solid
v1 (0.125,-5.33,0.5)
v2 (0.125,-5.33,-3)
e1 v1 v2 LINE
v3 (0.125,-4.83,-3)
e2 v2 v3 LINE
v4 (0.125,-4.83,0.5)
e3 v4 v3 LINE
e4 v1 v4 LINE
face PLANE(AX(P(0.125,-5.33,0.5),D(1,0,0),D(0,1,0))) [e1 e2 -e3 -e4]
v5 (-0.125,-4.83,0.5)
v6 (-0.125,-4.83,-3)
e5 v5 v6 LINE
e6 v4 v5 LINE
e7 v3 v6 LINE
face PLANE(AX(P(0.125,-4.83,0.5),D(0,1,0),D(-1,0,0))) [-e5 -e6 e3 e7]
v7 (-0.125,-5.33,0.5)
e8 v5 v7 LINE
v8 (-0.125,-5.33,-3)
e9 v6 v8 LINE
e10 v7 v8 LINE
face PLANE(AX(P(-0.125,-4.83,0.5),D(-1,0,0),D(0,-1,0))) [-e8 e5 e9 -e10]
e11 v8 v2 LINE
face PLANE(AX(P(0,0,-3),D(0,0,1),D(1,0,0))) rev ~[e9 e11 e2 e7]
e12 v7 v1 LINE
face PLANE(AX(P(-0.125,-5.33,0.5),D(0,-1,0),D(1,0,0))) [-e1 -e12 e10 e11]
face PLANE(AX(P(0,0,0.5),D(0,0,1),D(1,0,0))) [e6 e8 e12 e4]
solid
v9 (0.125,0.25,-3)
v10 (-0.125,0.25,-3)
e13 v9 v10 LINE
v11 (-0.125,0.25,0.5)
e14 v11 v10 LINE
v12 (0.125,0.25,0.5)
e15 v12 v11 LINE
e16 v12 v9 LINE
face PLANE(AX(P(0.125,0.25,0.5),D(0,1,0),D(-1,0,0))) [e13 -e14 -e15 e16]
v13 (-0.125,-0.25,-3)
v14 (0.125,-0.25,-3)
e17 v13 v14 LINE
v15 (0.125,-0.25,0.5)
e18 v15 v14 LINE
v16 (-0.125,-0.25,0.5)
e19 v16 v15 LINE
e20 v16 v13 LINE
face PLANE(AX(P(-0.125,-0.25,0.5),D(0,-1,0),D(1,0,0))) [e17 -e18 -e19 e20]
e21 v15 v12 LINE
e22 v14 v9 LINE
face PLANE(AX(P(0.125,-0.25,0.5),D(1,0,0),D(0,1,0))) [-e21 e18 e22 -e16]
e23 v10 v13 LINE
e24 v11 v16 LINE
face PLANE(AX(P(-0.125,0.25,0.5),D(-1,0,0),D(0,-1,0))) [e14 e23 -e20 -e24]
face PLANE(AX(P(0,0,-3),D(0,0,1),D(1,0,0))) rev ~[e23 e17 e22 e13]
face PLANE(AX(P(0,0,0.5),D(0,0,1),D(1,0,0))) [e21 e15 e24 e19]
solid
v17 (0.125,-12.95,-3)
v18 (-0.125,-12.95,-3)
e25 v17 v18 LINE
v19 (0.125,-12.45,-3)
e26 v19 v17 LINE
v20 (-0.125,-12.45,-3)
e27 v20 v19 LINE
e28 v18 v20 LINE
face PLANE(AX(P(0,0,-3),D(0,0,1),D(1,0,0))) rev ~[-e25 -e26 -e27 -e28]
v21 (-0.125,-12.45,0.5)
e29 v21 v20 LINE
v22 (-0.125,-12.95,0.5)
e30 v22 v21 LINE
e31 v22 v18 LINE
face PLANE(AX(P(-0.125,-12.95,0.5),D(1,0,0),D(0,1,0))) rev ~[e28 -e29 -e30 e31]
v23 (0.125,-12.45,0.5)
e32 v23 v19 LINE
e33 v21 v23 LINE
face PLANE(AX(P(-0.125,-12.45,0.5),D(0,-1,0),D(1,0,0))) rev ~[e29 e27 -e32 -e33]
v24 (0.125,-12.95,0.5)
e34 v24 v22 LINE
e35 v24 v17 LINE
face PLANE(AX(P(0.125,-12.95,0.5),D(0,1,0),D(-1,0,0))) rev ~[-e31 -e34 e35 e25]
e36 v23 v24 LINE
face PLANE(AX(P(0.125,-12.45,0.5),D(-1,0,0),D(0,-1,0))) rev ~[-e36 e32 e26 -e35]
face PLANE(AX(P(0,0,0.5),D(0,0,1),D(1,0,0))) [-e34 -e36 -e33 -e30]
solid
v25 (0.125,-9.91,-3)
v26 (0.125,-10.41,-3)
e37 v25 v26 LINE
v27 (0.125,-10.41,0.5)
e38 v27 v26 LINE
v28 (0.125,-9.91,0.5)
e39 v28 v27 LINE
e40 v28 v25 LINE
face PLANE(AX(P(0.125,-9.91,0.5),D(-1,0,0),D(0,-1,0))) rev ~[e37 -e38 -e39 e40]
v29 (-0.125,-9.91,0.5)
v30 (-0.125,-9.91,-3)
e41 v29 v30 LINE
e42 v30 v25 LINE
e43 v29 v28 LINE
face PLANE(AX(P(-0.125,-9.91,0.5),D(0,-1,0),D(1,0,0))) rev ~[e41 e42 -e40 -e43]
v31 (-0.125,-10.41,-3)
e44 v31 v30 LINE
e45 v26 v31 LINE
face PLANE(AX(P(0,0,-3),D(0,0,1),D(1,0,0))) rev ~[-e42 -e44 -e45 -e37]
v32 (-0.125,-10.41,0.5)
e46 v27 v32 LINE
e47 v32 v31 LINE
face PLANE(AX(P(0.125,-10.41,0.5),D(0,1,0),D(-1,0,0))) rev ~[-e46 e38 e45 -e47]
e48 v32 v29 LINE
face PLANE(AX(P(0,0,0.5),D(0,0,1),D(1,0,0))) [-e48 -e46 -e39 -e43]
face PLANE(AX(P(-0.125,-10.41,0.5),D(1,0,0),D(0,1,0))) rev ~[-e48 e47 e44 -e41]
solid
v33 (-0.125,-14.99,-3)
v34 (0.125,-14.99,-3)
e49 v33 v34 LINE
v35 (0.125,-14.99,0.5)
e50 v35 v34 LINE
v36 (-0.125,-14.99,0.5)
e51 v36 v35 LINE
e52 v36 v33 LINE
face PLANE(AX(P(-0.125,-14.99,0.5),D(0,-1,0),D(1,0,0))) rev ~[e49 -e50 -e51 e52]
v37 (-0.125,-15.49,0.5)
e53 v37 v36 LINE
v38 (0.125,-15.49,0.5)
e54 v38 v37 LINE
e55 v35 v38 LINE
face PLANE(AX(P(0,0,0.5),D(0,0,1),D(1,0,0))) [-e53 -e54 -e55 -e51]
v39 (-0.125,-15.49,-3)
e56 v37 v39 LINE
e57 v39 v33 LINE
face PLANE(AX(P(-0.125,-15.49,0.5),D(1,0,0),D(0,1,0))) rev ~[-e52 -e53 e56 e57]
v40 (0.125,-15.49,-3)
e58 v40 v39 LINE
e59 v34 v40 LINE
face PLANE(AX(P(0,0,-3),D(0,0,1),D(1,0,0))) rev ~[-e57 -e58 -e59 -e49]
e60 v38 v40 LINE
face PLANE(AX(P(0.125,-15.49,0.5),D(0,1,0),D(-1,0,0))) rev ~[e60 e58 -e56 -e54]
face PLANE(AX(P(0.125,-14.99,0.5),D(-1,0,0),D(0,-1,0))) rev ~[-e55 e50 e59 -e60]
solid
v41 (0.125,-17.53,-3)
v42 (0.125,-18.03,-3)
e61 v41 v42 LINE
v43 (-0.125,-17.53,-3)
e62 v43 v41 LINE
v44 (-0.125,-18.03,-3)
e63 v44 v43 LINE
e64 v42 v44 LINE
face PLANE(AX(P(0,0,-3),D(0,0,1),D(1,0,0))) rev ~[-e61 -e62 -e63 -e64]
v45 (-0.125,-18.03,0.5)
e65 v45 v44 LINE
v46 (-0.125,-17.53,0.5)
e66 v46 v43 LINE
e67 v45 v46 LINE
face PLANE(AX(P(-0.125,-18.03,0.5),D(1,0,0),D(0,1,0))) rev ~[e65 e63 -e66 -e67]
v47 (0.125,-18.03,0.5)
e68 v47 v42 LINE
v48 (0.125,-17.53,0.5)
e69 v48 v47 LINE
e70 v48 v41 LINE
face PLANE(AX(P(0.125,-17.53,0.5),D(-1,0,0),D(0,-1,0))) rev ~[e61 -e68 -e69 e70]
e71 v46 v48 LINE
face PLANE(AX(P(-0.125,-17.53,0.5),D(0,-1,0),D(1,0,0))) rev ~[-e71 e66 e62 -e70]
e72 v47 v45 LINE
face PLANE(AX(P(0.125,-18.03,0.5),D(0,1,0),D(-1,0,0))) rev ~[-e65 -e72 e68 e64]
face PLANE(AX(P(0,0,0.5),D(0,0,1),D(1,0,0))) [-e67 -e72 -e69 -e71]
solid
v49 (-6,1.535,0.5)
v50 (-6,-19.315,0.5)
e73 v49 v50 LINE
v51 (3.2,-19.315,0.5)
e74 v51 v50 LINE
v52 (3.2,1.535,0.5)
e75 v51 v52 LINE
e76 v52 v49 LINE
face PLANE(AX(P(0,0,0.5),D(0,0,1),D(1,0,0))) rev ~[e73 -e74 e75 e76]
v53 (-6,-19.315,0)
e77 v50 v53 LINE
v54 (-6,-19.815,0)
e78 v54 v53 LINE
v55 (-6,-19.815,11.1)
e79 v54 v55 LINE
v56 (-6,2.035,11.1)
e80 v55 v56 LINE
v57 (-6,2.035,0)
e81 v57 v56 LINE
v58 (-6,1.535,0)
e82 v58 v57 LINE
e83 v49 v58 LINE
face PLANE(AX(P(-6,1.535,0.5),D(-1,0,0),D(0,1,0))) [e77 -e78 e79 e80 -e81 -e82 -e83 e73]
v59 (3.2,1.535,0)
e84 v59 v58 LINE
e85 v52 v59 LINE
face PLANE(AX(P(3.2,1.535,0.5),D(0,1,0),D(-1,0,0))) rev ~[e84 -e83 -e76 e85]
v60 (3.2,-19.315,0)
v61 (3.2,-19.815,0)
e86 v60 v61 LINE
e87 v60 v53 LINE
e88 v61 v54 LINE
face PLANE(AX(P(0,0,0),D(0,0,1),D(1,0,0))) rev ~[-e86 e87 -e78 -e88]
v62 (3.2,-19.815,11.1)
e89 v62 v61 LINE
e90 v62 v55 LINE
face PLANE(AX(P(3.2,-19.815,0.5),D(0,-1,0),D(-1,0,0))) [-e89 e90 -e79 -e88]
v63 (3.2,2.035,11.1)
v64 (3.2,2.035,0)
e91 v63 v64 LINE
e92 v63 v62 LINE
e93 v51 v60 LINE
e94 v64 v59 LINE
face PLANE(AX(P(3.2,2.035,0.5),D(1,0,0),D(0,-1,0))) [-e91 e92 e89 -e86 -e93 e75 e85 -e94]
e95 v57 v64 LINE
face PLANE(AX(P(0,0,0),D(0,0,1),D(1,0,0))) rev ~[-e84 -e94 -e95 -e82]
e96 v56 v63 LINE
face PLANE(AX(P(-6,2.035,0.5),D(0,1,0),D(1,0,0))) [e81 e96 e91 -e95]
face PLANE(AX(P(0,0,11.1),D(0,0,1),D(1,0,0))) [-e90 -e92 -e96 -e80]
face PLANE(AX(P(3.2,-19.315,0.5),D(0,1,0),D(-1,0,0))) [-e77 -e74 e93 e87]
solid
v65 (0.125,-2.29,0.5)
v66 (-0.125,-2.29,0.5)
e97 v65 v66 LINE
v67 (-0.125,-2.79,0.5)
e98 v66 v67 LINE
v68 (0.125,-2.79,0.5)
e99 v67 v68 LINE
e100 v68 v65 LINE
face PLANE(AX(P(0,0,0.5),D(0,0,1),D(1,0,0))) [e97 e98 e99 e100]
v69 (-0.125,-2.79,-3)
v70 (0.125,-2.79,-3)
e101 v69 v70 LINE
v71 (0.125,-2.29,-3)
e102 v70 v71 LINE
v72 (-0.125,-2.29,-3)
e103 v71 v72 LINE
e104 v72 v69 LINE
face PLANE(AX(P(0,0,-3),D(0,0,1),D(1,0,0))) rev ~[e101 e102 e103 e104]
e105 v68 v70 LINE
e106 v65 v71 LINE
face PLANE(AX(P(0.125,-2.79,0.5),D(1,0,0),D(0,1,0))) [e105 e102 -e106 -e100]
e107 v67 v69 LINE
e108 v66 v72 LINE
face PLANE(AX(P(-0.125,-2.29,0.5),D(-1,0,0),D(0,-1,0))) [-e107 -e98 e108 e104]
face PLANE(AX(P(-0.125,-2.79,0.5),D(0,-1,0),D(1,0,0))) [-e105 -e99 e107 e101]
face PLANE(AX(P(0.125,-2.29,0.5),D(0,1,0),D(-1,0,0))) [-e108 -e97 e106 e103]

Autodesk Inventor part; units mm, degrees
ref_plane "YZ Plane" through (0, 0, 0) normal (1, 0, 0) x (0, 1, 0)
ref_plane "XZ Plane" through (0, 0, 0) normal (0, 1, 0) x (-1, 0, 0)
ref_plane "XY Plane" through (0, 0, 0) normal (0, 0, 1) x (1, 0, 0)
sketch "Sketch2" plane through (0, 0, 0) normal (0, 0, 1) x (1, 0, 0)
  line L0 (-6, 2.035) -> (3.2, 2.035)
  line L1 (3.2, 2.035) -> (3.2, -19.815)
  line L2 (3.2, -19.815) -> (-6, -19.815)
  line L3 (-6, -19.815) -> (-6, 2.035)
  line L4 (-0.125, -0.25) -> (0.125, -0.25)
  line L5 (0.125, -0.25) -> (0.125, 0.25)
  line L6 (0.125, 0.25) -> (-0.125, 0.25)
  line L7 (-0.125, 0.25) -> (-0.125, -0.25)
  line L8 (-0.125, -0.25) -> (0.125, 0.25) construction
  line L9 (0.125, -0.25) -> (-0.125, 0.25) construction
  line L10 (-0.125, -2.79) -> (0.125, -2.79)
  line L11 (0.125, -2.79) -> (0.125, -2.29)
  line L12 (0.125, -2.29) -> (-0.125, -2.29)
  line L13 (-0.125, -2.29) -> (-0.125, -2.79)
  line L14 (-0.125, -2.79) -> (0.125, -2.29) construction
  line L15 (0.125, -2.79) -> (-0.125, -2.29) construction
  line L16 (-0.125, -9.91) -> (0.125, -9.91)
  line L17 (0.125, -9.91) -> (0.125, -10.41)
  line L18 (0.125, -10.41) -> (-0.125, -10.41)
  line L19 (-0.125, -10.41) -> (-0.125, -9.91)
  line L20 (-0.125, -9.91) -> (0.125, -10.41) construction
  line L21 (0.125, -9.91) -> (-0.125, -10.41) construction
  line L22 (-0.125, -12.45) -> (0.125, -12.45)
  line L23 (0.125, -12.45) -> (0.125, -12.95)
  line L24 (-0.125, -12.95) -> (-0.125, -12.45)
  line L25 (-0.125, -12.45) -> (0.125, -12.95) construction
  line L26 (0.125, -12.45) -> (-0.125, -12.95) construction
  line L27 (0.125, -12.95) -> (-0.125, -12.95)
  line L28 (-0.125, -14.99) -> (0.125, -14.99)
  line L29 (0.125, -14.99) -> (0.125, -15.49)
  line L30 (-0.125, -15.49) -> (-0.125, -14.99)
  line L31 (-0.125, -14.99) -> (0.125, -15.49) construction
  line L32 (0.125, -14.99) -> (-0.125, -15.49) construction
  line L33 (0.125, -15.49) -> (-0.125, -15.49)
  line L34 (-6, 2.035) -> (3.2, 2.035)
  line L35 (3.2, 2.035) -> (3.2, 1.535)
  line L36 (3.2, 1.535) -> (-6, 1.535)
  line L37 (-6, 1.535) -> (-6, 2.035)
  line L38 (-6, -19.815) -> (3.2, -19.815)
  line L39 (3.2, -19.815) -> (3.2, -19.315)
  line L40 (3.2, -19.315) -> (-6, -19.315)
  line L41 (-6, -19.315) -> (-6, -19.815)
  line L42 (-0.125, -5.33) -> (0.125, -5.33)
  line L43 (0.125, -5.33) -> (0.125, -4.83)
  line L44 (0.125, -4.83) -> (-0.125, -4.83)
  line L45 (-0.125, -4.83) -> (-0.125, -5.33)
  line L46 (-0.125, -5.33) -> (0.125, -4.83) construction
  line L47 (0.125, -5.33) -> (-0.125, -4.83) construction
  line L48 (-0.125, -17.53) -> (0.125, -17.53)
  line L49 (0.125, -17.53) -> (0.125, -18.03)
  line L50 (-0.125, -18.03) -> (-0.125, -17.53)
  line L51 (-0.125, -17.53) -> (0.125, -18.03) construction
  line L52 (0.125, -17.53) -> (-0.125, -18.03) construction
  line L53 (0.125, -18.03) -> (-0.125, -18.03)
  point P0 (0, 0)
  point P1 (0, -2.54)
  point P2 (0, -10.16)
  point P3 (0, -12.7)
  point P4 (0, -15.24)
  point P5 (0, -5.08)
  point P6 (0, -17.78)
  dimension "d37" = 2.035
  dimension "d38" = 3.2
  dimension "d40" = 9.2
  dimension "d41" = 0.25
  dimension "d42" = 0.5
  dimension "d45" = 2.54
  dimension "d50" = 0.25
  dimension "d51" = 0.5
  dimension "d52" = 0
  dimension "d53" = 10.16
  dimension "d56" = 2.54
  dimension "d61" = 0.5
  dimension "d62" = 0.5
  dimension "d72" = 21.85
extrude "Extrusion4" add sketch "Sketch2" along normal blind 10.6 contours L0 L1 L36 L3 | L36 L1 L40 L3 | L40 L1 L2 L3 | L7 L6 L5 L4 | L13 L12 L11 L10 | L16 L17 L18 L19 | L22 L23 L27 L24 | L28 L29 L33 L30 | L45 L44 L43 L42 | L48 L49 L53 L50
extrude "Extrusion5" add sketch "Sketch2" against normal blind 0.5 contours L0 L1 L36 L3 | L40 L1 L2 L3
extrude "Extrusion6" add sketch "Sketch2" against normal blind 3.5 separate body contours L7 L6 L5 L4 | L13 L12 L11 L10 | L16 L17 L18 L19 | L22 L23 L27 L24 | L28 L29 L33 L30 | L45 L44 L43 L42 | L48 L49 L53 L50
move or copy body "Move Body1" bodies to move or copy 1 2 copy no translate (0, 0, 0.5)
equation "\"d50\" = d41"
equation "\"d51\" = d42"
properties part number "Converter_DCDC_XP_POWER-ITXxxxx_SIP_THT"
